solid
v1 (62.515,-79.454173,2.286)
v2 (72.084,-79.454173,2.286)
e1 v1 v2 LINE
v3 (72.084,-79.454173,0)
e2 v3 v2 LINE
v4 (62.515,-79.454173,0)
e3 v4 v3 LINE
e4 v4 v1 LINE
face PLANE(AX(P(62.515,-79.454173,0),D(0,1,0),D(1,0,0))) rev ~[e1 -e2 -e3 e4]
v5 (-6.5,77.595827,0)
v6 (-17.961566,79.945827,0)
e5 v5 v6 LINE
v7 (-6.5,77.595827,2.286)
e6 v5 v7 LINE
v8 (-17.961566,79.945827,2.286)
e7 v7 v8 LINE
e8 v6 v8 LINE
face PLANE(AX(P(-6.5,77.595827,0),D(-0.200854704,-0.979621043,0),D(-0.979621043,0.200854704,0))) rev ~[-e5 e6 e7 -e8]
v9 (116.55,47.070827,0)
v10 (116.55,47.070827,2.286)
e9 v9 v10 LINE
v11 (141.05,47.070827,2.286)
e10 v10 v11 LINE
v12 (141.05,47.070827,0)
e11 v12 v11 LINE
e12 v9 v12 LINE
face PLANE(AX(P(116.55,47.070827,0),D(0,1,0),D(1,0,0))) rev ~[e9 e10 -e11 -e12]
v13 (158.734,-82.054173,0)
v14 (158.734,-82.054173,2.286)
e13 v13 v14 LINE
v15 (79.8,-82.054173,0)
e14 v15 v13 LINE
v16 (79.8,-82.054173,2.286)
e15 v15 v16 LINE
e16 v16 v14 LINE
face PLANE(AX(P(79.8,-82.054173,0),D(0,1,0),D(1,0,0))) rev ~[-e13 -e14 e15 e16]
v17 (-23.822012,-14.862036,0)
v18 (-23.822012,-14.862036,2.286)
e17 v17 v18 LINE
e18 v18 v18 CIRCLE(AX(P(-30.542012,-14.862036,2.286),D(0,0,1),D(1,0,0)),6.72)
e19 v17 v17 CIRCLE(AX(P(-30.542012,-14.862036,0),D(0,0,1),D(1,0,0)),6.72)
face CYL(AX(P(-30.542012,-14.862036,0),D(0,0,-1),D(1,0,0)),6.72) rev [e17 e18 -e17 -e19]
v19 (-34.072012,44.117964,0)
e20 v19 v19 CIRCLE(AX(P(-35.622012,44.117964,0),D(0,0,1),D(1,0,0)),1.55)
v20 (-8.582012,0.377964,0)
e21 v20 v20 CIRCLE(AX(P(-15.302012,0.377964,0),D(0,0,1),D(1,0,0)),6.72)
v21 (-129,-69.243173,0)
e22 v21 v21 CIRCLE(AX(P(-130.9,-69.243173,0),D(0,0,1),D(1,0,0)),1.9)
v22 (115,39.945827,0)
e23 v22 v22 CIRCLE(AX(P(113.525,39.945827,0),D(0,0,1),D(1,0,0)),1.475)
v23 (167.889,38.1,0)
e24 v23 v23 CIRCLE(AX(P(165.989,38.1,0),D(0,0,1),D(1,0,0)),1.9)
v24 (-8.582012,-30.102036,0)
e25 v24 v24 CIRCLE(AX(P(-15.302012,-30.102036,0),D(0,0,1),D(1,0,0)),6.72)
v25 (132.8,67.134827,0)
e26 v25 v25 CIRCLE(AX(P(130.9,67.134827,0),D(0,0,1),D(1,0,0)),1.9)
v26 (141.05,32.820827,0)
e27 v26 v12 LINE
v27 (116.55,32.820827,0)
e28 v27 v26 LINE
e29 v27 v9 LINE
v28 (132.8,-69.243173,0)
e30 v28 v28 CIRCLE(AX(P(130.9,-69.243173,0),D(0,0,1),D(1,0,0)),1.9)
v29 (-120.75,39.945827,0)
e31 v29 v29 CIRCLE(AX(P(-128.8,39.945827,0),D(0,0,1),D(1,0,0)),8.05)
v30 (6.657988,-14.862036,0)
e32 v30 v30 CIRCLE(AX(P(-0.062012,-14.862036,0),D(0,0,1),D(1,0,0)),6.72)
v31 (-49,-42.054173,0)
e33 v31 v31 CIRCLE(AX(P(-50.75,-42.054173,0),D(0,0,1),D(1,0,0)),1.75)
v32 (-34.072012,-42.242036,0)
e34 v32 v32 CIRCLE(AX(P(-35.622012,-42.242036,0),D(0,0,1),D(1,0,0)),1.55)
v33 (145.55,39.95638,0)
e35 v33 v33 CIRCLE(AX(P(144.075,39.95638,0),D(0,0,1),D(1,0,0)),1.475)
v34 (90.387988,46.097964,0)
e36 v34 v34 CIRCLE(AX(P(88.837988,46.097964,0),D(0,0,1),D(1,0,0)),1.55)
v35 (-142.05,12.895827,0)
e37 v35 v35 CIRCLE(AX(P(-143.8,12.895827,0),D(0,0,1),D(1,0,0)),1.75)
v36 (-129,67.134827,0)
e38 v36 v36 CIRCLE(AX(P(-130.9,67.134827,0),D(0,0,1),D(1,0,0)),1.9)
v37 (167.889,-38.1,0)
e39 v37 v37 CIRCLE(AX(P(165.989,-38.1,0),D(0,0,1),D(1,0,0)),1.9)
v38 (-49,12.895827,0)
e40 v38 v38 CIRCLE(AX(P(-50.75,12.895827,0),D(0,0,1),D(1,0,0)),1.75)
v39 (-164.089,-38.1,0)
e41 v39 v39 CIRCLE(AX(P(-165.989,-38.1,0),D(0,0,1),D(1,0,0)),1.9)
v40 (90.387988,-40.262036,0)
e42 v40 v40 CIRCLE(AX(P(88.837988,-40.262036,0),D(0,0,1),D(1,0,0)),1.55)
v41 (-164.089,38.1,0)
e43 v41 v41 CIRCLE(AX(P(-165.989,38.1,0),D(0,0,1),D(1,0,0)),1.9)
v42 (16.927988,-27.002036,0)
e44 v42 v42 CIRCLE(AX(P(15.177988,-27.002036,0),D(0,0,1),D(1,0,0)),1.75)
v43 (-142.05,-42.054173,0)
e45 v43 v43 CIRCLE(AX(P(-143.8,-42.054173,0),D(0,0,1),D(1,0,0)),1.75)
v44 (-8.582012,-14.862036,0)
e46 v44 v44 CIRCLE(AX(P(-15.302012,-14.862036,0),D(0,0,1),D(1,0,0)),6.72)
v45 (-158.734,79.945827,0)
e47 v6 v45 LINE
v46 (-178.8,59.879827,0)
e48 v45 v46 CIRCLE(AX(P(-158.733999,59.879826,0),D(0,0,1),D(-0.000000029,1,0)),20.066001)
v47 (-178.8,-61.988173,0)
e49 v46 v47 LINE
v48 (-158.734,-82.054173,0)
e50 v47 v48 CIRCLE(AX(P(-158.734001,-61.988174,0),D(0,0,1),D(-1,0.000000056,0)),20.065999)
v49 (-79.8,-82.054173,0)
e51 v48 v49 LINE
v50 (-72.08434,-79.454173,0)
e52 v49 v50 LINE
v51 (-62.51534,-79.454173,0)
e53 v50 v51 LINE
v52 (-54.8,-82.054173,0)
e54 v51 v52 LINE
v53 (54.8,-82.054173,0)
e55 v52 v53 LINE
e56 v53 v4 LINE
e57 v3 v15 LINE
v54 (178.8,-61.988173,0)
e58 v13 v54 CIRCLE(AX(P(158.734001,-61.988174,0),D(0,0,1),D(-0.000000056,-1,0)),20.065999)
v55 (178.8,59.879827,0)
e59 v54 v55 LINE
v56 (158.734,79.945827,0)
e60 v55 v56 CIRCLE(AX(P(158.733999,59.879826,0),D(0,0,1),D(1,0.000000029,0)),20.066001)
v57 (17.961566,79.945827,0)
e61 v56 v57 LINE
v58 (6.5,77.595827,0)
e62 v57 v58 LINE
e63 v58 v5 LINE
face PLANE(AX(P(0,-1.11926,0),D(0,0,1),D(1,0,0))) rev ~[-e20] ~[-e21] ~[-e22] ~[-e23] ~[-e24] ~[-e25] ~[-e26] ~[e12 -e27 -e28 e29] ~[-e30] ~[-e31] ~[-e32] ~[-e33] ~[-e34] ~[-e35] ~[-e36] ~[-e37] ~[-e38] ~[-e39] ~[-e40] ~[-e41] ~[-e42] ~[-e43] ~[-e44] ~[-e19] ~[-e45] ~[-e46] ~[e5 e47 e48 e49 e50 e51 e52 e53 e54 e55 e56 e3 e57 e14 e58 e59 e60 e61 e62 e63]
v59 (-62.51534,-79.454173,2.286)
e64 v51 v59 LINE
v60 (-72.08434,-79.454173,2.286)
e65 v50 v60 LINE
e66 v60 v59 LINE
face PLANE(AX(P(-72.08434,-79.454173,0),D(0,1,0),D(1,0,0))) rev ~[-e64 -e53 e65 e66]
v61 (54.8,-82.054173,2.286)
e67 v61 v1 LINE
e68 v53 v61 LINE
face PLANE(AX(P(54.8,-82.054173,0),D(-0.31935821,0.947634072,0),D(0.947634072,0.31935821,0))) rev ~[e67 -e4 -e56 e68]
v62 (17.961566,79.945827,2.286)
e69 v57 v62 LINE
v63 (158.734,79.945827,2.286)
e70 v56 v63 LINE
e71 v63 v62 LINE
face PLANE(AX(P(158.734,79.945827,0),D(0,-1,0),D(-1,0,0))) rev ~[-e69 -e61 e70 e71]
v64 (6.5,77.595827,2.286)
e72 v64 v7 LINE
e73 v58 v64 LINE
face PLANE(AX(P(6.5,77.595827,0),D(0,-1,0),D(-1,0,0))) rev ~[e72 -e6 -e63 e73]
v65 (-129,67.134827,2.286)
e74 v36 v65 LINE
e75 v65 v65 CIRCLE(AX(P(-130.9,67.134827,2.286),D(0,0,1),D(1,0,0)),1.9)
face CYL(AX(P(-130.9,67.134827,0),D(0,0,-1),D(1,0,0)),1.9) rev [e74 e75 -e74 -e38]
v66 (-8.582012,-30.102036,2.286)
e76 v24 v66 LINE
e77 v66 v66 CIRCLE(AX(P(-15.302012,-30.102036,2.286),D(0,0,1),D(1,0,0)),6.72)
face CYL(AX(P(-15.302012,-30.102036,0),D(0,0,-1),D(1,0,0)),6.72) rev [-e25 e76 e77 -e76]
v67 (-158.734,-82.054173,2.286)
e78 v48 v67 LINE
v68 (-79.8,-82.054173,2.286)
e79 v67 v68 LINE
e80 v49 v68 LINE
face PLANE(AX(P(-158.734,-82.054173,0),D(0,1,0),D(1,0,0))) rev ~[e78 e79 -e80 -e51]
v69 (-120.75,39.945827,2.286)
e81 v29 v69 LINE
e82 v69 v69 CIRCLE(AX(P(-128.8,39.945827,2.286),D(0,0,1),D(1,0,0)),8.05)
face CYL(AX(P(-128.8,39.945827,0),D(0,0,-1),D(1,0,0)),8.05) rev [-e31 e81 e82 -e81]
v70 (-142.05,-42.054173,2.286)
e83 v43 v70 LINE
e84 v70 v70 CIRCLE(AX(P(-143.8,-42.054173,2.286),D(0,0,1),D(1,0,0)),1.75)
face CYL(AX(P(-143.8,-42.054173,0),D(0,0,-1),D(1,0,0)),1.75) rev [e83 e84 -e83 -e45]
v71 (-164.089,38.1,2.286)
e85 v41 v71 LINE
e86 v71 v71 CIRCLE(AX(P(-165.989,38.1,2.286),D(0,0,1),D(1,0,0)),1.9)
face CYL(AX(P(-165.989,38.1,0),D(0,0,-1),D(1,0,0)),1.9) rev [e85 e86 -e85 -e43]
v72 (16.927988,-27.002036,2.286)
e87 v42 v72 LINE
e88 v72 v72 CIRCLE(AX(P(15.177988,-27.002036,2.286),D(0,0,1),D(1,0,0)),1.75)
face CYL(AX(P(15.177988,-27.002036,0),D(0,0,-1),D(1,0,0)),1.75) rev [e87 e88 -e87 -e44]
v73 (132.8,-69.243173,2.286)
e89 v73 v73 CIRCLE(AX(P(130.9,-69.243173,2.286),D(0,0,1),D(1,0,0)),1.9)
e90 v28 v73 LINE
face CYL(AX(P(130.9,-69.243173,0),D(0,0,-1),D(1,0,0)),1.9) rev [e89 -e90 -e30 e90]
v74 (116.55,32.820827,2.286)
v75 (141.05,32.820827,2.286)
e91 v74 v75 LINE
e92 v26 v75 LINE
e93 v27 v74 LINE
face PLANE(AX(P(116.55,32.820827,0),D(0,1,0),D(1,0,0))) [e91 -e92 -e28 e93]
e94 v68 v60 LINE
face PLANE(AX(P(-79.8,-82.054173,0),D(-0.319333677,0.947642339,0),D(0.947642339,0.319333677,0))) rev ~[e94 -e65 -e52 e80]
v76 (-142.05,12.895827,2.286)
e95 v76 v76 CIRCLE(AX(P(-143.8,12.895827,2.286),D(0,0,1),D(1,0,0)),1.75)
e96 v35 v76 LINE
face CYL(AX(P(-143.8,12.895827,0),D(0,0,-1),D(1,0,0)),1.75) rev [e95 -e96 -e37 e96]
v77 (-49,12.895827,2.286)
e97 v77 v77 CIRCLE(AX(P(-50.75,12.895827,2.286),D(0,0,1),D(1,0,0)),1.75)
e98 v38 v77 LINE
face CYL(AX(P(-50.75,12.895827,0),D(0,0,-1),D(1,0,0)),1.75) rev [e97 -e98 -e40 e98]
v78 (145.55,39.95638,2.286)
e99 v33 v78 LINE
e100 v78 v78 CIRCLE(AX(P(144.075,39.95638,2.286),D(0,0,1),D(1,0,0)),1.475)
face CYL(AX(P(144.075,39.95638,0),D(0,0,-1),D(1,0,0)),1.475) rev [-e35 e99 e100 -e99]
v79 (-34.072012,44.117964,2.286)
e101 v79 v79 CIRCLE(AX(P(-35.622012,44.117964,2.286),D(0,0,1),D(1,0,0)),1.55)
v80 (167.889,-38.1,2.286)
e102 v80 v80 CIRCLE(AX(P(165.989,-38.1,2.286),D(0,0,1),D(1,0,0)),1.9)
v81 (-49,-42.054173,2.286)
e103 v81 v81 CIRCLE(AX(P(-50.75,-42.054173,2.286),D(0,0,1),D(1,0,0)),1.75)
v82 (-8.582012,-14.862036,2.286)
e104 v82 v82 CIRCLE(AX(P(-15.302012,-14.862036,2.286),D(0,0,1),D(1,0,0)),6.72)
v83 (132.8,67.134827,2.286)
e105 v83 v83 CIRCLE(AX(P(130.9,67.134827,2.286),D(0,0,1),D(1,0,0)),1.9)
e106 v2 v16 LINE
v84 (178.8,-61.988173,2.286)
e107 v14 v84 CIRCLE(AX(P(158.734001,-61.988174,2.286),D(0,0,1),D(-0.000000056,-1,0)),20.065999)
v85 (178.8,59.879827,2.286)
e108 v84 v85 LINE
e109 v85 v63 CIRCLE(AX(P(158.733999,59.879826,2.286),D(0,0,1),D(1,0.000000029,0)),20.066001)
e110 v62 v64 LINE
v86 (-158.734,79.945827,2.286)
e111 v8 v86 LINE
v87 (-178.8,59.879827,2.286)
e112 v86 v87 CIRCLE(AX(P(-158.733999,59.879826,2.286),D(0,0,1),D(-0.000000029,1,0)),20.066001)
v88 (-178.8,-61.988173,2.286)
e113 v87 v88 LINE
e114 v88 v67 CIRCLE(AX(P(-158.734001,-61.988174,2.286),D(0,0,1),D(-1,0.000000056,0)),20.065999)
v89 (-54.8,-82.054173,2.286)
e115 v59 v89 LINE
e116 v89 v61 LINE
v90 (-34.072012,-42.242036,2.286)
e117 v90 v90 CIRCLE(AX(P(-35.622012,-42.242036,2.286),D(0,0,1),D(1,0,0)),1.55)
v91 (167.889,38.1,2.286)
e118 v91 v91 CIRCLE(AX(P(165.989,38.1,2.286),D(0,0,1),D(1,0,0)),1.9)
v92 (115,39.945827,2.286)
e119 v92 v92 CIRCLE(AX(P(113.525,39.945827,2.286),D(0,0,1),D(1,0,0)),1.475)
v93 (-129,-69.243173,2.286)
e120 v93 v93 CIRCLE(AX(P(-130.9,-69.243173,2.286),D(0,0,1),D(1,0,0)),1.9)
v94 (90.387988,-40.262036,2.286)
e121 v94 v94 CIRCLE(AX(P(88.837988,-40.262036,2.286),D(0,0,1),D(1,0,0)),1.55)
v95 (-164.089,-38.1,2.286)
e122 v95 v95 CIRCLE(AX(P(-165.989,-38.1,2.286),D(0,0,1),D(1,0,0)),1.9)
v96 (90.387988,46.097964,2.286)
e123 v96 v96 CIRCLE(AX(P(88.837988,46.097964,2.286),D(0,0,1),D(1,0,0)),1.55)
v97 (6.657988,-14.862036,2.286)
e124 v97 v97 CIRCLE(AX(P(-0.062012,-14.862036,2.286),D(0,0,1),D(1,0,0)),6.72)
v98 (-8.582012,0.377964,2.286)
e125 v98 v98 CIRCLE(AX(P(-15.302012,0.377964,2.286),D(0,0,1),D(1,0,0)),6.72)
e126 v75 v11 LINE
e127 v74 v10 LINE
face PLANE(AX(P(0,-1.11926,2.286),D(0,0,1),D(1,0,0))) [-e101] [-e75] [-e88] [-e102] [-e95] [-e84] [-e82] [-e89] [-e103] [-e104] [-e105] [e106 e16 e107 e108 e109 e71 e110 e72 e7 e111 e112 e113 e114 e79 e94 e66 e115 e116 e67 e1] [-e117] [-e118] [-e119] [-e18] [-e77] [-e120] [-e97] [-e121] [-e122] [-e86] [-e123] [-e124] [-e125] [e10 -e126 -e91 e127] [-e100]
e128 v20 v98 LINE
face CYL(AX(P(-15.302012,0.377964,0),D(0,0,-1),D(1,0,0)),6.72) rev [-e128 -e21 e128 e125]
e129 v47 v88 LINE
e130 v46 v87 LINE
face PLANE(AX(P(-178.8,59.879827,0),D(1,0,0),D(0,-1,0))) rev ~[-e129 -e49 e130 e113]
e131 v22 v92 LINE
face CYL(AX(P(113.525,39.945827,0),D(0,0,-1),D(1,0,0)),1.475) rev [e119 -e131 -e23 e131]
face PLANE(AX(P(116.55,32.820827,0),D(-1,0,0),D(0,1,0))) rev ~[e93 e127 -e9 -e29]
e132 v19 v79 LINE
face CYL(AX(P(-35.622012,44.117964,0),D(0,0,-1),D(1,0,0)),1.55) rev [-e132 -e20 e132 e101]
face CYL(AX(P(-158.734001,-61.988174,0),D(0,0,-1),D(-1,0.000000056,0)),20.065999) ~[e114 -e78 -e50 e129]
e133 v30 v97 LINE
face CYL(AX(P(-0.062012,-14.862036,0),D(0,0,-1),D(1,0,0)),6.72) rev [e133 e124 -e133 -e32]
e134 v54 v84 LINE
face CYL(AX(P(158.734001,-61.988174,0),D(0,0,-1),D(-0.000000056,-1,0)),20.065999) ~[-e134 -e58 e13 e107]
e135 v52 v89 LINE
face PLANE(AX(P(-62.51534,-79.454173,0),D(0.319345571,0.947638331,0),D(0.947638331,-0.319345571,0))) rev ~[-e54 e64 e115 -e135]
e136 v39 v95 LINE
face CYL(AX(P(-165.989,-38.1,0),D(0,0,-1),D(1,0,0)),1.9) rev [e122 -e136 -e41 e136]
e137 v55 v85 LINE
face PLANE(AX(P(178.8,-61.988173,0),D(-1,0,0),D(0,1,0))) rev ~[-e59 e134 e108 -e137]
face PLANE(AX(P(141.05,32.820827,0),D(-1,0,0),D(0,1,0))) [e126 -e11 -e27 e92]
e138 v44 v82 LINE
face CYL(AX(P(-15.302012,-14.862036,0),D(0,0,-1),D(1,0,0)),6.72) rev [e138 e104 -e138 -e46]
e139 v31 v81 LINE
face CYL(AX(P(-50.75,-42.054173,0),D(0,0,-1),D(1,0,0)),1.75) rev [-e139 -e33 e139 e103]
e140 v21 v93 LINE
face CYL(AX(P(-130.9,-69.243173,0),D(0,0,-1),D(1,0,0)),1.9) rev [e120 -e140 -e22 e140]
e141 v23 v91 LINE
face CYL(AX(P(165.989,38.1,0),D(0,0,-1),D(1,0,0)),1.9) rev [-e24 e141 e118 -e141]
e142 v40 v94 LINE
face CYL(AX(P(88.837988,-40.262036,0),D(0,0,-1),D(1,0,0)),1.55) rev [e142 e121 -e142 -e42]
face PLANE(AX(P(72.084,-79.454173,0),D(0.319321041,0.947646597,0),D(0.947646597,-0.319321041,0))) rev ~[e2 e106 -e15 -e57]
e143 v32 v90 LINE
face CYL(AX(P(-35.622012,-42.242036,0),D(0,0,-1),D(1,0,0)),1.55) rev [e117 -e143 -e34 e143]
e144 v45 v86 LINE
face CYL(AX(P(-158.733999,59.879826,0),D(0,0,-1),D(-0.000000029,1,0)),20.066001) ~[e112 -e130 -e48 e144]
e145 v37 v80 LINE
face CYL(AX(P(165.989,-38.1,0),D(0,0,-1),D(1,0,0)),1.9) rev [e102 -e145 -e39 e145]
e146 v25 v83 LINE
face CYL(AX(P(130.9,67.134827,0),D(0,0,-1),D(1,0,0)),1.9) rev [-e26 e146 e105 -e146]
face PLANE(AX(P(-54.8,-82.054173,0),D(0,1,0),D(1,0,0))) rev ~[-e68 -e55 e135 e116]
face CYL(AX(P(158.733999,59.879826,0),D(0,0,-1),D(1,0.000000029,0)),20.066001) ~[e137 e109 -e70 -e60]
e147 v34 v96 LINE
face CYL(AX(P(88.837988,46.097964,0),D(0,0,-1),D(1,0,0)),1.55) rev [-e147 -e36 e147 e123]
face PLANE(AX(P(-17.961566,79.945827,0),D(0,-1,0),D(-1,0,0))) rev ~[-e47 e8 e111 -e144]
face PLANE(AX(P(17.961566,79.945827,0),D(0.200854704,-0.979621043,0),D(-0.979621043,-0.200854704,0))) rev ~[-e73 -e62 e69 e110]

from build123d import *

# Parameters (mm, degrees)
F0_R     = 1.9
F0_R_2   = 8.05
F0_R_3   = 1.475
F0_W     = 24.5
F0_H     = 14.25
F3_DEPTH = 2.286
F2_R     = 1.75
F4_DEPTH = 2.286
F1_R     = 1.55
F1_R_2   = 1.75
F1_R_3   = 6.72
F5_DEPTH = 2.286


with BuildPart() as f3:
    # F0 (on Top) → F3 (new body)
    with BuildSketch(Plane.XY):
        with BuildLine():
            Line((-17.961566, 79.945827), (-158.734, 79.945827))
            ThreePointArc((-158.734, 79.945827), (-172.922805, 74.068631), (-178.8, 59.879827))
            Line((-178.8, 59.879827), (-178.8, -61.988173))
            ThreePointArc((-178.8, -61.988173), (-172.922805, -76.176978), (-158.734, -82.054173))
            Line((-158.734, -82.054173), (-79.8, -82.054173))
            Line((-79.8, -82.054173), (-72.08434, -79.454173))
            Line((-72.08434, -79.454173), (-62.51534, -79.454173))
            Line((-62.51534, -79.454173), (-54.8, -82.054173))
            Line((-54.8, -82.054173), (54.8, -82.054173))
            Line((54.8, -82.054173), (62.515, -79.454173))
            Line((62.515, -79.454173), (72.084, -79.454173))
            Line((72.084, -79.454173), (79.8, -82.054173))
            Line((79.8, -82.054173), (158.734, -82.054173))
            ThreePointArc((158.734, -82.054173), (172.922805, -76.176978), (178.8, -61.988173))
            Line((178.8, -61.988173), (178.8, 59.879827))
            ThreePointArc((178.8, 59.879827), (172.922805, 74.068631), (158.734, 79.945827))
            Line((158.734, 79.945827), (17.961566, 79.945827))
            Line((17.961566, 79.945827), (6.5, 77.595827))
            Line((6.5, 77.595827), (-6.5, 77.595827))
            Line((-6.5, 77.595827), (-17.961566, 79.945827))
        make_face()
        with Locations((-130.9, -69.243173)):
            Circle(F0_R, mode=Mode.SUBTRACT)
        with Locations((-165.989, -38.1)):
            Circle(F0_R, mode=Mode.SUBTRACT)
        with Locations((130.9, -69.243173)):
            Circle(F0_R, mode=Mode.SUBTRACT)
        with Locations((165.989, -38.1)):
            Circle(F0_R, mode=Mode.SUBTRACT)
        with Locations((-165.989, 38.1)):
            Circle(F0_R, mode=Mode.SUBTRACT)
        with Locations((-128.8, 39.945827)):
            Circle(F0_R_2, mode=Mode.SUBTRACT)
        with Locations((-130.9, 67.134827)):
            Circle(F0_R, mode=Mode.SUBTRACT)
        with Locations((165.989, 38.1)):
            Circle(F0_R, mode=Mode.SUBTRACT)
        with Locations((113.525, 39.945827)):
            Circle(F0_R_3, mode=Mode.SUBTRACT)
        with Locations((128.8, 39.945827)):
            Rectangle(F0_W, F0_H, mode=Mode.SUBTRACT)
        with Locations((144.075, 39.95638)):
            Circle(F0_R_3, mode=Mode.SUBTRACT)
        with Locations((130.9, 67.134827)):
            Circle(F0_R, mode=Mode.SUBTRACT)
    extrude(amount=F3_DEPTH)

    # F2 (on face) → F4 (cut)
    with BuildSketch(Plane.XY):
        with Locations((-143.8, 12.895827)):
            Circle(F2_R)
        with Locations((-143.8, -42.054173)):
            Circle(F2_R)
        with Locations((-50.75, 12.895827)):
            Circle(F2_R)
        with Locations((-50.75, -42.054173)):
            Circle(F2_R)
    extrude(amount=F4_DEPTH, mode=Mode.SUBTRACT)

    # F1 (on face) → F5 (cut)
    with BuildSketch(Plane.XY):
        with Locations((88.837988, -40.262036)):
            Circle(F1_R)
        with Locations((88.837988, 46.097964)):
            Circle(F1_R)
        with Locations((-35.622012, 44.117964)):
            Circle(F1_R)
        with Locations((-35.622012, -42.242036)):
            Circle(F1_R)
        with Locations((15.177988, -27.002036)):
            Circle(F1_R_2)
        with Locations((-30.542012, -14.862036)):
            Circle(F1_R_3)
        with Locations((-15.302012, -14.862036)):
            Circle(F1_R_3)
        with Locations((-15.302012, 0.377964)):
            Circle(F1_R_3)
        with Locations((-0.062012, -14.862036)):
            Circle(F1_R_3)
        with Locations((-15.302012, -30.102036)):
            Circle(F1_R_3)
    extrude(amount=F5_DEPTH, mode=Mode.SUBTRACT)


solid = f3.part
